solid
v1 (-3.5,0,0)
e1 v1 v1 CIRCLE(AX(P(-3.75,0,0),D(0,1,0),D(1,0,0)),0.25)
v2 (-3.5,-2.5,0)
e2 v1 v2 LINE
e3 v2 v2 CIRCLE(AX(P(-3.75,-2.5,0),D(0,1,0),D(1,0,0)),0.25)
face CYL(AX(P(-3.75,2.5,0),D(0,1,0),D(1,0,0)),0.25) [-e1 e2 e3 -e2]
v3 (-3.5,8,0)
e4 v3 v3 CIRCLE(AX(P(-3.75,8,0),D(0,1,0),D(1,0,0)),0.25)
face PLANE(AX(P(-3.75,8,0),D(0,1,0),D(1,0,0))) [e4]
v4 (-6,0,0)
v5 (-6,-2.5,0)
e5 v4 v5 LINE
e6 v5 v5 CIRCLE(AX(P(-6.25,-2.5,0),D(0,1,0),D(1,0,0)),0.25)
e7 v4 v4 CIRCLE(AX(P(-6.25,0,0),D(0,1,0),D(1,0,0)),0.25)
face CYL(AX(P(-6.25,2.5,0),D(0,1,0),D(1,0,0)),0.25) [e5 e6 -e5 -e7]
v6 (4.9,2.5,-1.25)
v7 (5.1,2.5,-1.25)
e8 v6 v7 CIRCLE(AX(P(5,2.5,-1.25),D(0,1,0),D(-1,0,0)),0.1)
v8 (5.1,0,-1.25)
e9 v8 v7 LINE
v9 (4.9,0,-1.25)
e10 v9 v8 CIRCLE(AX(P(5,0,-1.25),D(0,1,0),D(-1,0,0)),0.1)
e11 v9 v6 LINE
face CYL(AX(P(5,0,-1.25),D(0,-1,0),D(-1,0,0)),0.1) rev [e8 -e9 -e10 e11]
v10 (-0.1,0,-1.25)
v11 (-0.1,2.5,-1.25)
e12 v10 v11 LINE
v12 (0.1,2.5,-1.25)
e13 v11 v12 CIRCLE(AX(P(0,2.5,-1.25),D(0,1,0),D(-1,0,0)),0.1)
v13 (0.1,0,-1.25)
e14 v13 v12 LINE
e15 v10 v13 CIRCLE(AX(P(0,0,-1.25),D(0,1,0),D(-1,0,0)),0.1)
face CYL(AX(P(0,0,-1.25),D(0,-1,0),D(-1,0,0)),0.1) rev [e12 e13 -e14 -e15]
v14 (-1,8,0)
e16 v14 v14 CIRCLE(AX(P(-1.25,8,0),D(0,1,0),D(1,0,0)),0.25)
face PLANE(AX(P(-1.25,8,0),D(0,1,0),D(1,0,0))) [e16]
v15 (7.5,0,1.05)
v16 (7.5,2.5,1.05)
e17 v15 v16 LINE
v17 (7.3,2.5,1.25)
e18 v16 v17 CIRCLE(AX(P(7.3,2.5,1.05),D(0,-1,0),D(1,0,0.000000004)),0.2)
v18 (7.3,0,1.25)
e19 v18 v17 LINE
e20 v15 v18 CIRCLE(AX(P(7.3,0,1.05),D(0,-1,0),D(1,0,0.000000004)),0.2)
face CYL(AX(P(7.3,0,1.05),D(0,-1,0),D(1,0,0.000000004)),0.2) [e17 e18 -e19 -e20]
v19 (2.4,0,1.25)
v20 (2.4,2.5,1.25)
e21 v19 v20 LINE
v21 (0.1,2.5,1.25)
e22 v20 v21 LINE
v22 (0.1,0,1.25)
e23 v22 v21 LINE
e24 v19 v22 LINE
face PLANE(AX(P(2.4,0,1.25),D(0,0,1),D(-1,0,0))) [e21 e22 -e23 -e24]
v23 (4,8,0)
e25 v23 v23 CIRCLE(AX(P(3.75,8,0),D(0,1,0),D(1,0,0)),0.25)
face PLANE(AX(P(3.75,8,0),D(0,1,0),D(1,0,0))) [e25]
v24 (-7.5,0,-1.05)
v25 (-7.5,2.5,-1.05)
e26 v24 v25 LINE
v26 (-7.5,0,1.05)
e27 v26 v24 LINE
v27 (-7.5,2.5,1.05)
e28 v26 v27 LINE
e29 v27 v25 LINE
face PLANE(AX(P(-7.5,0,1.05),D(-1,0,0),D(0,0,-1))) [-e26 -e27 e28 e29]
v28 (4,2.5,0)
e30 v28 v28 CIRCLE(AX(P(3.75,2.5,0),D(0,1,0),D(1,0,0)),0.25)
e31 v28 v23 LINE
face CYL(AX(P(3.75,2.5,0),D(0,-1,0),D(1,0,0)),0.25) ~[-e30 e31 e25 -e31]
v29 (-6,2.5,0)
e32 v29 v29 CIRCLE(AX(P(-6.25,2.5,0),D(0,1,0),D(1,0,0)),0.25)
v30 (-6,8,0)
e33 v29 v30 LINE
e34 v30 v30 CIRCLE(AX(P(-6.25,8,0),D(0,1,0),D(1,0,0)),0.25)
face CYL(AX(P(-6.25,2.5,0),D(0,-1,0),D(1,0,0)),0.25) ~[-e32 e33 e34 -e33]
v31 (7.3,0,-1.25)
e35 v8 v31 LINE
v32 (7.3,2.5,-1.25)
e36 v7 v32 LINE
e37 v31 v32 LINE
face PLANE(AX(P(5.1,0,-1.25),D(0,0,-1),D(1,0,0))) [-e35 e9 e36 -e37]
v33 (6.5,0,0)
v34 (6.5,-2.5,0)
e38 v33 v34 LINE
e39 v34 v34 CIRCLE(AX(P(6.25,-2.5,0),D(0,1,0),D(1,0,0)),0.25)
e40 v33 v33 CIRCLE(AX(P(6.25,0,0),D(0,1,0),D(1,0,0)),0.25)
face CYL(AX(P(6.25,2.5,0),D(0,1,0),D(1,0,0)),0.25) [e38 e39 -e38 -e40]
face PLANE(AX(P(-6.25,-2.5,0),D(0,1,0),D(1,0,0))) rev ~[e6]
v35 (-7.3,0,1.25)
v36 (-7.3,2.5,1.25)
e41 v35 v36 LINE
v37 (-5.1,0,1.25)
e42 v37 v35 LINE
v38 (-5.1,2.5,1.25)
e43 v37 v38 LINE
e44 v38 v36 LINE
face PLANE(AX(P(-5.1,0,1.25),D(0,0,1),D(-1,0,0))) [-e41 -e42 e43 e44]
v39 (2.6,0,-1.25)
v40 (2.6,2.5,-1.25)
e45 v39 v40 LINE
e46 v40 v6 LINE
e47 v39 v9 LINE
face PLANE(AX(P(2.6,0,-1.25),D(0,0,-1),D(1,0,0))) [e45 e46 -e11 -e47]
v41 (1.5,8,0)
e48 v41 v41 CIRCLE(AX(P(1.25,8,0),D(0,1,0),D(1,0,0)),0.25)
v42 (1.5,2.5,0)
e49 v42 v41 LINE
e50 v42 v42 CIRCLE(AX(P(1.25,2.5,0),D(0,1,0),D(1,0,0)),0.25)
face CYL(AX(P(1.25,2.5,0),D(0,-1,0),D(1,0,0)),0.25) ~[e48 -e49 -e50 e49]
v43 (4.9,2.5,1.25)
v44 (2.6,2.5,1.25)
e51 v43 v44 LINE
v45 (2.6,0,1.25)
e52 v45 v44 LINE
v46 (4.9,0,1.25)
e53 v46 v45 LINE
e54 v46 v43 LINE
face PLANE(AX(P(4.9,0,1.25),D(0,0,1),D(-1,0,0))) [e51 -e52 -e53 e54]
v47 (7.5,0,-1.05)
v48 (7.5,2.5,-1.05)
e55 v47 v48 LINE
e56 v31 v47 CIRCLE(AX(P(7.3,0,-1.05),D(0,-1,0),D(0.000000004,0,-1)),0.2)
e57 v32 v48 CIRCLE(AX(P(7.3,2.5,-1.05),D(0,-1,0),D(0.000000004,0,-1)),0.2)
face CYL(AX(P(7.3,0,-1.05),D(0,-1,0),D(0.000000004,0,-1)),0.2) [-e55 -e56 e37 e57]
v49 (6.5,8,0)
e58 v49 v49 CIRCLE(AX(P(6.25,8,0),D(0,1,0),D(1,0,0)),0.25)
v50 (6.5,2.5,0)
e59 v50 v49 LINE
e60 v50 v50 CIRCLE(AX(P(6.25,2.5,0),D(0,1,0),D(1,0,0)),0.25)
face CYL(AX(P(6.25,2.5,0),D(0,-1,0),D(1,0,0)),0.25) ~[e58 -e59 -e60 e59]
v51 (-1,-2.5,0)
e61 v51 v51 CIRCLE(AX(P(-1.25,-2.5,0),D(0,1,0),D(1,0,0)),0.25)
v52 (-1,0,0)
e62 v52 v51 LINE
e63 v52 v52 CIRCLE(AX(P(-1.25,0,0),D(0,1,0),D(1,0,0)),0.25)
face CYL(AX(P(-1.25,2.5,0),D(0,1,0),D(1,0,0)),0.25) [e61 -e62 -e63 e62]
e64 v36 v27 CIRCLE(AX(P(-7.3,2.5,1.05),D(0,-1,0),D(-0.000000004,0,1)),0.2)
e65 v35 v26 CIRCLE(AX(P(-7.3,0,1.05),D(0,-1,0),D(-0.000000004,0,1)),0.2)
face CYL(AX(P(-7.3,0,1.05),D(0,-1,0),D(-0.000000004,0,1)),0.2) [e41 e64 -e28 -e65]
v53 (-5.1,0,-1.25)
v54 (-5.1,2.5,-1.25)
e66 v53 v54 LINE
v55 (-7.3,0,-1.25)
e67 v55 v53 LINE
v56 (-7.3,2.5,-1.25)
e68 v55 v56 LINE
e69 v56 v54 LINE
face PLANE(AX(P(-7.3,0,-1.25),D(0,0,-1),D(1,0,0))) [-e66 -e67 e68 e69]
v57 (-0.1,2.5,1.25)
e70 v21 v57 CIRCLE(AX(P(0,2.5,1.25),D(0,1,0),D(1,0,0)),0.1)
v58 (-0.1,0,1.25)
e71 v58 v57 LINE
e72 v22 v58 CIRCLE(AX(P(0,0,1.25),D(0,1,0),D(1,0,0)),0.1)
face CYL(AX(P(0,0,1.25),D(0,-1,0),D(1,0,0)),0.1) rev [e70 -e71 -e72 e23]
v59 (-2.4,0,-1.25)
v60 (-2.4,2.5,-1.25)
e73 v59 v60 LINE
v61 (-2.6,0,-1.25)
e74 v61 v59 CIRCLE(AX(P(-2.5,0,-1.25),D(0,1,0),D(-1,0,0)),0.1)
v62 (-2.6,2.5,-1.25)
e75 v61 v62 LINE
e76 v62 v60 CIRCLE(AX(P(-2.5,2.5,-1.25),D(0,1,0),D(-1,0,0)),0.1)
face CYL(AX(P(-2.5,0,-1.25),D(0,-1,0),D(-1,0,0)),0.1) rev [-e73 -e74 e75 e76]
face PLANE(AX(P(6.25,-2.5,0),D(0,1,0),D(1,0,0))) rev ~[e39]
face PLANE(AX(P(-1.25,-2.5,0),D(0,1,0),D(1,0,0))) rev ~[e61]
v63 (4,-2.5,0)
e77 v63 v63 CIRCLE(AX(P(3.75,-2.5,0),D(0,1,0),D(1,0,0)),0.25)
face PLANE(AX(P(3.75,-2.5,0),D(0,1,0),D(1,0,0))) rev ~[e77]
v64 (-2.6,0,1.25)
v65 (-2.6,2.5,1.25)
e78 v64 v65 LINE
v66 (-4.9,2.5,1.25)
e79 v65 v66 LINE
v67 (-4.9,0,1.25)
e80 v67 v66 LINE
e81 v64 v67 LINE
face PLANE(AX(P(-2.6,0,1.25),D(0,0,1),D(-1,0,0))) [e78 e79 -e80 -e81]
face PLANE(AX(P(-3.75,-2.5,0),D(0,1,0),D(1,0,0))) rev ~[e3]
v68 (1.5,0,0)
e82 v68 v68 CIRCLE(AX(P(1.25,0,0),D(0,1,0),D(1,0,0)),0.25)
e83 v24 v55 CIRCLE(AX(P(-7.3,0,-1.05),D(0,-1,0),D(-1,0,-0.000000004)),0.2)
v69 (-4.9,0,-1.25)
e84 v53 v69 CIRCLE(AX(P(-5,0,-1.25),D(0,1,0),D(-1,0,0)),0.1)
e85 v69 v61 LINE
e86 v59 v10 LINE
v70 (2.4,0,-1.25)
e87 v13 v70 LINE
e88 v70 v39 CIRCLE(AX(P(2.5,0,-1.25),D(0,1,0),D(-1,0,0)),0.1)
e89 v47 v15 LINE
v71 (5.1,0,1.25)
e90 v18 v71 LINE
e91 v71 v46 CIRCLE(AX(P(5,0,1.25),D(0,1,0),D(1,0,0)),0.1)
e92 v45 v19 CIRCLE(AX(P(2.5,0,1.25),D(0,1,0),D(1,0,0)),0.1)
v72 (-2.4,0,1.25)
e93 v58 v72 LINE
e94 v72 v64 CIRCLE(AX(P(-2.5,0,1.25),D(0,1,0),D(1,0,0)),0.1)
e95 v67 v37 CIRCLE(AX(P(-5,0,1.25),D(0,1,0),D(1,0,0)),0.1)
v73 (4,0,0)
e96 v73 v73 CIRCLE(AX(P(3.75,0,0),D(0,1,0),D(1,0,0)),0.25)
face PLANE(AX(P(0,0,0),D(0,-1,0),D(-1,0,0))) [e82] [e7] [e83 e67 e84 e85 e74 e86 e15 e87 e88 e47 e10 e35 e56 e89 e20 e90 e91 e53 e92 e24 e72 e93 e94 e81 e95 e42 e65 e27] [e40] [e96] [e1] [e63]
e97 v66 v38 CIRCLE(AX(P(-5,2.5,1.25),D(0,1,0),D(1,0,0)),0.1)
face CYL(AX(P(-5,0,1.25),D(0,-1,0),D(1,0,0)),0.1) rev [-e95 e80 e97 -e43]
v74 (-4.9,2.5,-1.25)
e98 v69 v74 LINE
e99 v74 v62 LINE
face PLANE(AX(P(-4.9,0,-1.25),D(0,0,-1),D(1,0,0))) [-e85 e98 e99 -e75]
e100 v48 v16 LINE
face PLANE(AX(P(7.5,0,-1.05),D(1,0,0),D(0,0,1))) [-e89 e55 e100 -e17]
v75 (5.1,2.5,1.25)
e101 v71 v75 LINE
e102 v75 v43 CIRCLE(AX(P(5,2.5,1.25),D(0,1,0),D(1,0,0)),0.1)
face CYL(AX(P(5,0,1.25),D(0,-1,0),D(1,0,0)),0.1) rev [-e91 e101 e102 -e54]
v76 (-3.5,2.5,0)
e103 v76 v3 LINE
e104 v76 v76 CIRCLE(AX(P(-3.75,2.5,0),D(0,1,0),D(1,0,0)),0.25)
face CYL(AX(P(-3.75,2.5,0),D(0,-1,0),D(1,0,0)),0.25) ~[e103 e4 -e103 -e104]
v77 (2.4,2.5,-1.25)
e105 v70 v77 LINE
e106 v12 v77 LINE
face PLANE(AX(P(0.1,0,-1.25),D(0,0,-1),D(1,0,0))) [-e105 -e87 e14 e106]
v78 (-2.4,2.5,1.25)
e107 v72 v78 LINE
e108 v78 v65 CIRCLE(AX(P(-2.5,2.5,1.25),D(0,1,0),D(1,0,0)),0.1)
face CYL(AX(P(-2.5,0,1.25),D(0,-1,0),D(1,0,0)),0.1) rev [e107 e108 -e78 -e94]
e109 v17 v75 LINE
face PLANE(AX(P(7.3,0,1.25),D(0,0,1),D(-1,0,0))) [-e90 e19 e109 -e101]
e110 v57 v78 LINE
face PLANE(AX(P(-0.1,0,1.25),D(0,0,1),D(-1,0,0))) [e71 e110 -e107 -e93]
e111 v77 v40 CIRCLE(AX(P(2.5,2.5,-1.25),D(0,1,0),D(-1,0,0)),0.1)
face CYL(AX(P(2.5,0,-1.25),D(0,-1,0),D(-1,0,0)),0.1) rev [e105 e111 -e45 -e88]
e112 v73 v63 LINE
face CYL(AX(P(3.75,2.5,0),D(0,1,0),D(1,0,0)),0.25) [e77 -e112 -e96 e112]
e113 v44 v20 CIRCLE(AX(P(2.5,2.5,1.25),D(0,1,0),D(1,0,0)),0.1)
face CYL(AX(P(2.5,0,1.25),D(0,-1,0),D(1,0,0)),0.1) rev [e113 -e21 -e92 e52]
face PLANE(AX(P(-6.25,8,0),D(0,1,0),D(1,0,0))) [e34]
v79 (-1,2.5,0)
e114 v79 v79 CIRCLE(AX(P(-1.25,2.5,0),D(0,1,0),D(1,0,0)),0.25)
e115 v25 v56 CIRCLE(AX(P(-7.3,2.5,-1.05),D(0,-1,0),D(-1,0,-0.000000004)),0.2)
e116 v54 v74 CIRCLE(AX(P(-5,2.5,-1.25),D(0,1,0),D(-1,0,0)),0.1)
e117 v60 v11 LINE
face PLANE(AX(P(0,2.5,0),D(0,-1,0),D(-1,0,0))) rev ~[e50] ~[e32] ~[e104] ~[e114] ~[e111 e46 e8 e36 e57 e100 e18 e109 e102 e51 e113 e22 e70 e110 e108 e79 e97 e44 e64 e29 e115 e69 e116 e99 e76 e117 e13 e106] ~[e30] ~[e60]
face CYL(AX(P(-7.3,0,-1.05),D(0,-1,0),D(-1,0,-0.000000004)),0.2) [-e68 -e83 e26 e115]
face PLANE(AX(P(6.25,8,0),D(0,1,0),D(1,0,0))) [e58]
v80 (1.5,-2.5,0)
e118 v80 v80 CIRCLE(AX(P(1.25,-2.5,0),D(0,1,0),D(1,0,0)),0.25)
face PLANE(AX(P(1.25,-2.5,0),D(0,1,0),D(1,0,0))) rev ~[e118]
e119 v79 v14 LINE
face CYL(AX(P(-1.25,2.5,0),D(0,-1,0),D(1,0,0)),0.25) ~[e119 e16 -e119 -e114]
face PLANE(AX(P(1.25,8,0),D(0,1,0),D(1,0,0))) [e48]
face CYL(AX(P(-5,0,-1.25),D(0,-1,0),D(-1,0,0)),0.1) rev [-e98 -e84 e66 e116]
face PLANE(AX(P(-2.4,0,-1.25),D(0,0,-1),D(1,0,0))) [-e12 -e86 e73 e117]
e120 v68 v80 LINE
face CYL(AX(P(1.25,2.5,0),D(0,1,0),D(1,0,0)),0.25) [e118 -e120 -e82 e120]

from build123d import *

# Parameters (mm, degrees)
IZIM1_R                          = 0.25
Y_KSEKLIK_EKSTR_ZYON1_DEPTH      = 2.5
IZIM2_R                          = 0.25
Y_KSEKLIK_EKSTR_ZYON2_DEPTH      = 5.5
Y_KSEKLIK_EKSTR_ZYON2_DEPTH_BACK = 5


with BuildPart() as part:
    # Çizim1 → Yükseklik-Ekstrüzyon1 (new body)
    with BuildSketch(Plane(origin=(0, 0, 0), x_dir=(1, 0, 0), z_dir=(0, 1, 0))):
        with BuildLine():
            Line((-7.3, 1.25), (-5.1, 1.25))
            ThreePointArc((-5.1, 1.25), (-5, 1.15), (-4.9, 1.25))
            Line((-4.9, 1.25), (-2.6, 1.25))
            ThreePointArc((-2.6, 1.25), (-2.5, 1.15), (-2.4, 1.25))
            Line((-2.4, 1.25), (-0.1, 1.25))
            ThreePointArc((-0.1, 1.25), (0, 1.15), (0.1, 1.25))
            Line((0.1, 1.25), (2.4, 1.25))
            ThreePointArc((2.4, 1.25), (2.5, 1.15), (2.6, 1.25))
            Line((2.6, 1.25), (4.9, 1.25))
            ThreePointArc((4.9, 1.25), (5, 1.15), (5.1, 1.25))
            Line((5.1, 1.25), (7.3, 1.25))
            ThreePointArc((7.3, 1.25), (7.441421356, 1.191421356), (7.5, 1.05))
            Line((7.5, 1.05), (7.5, -1.05))
            ThreePointArc((7.5, -1.05), (7.441421356, -1.191421356), (7.3, -1.25))
            Line((7.3, -1.25), (5.1, -1.25))
            ThreePointArc((5.1, -1.25), (5, -1.15), (4.9, -1.25))
            Line((4.9, -1.25), (2.6, -1.25))
            ThreePointArc((2.6, -1.25), (2.5, -1.15), (2.4, -1.25))
            Line((2.4, -1.25), (0.1, -1.25))
            ThreePointArc((0.1, -1.25), (0, -1.15), (-0.1, -1.25))
            Line((-0.1, -1.25), (-2.4, -1.25))
            ThreePointArc((-2.4, -1.25), (-2.5, -1.15), (-2.6, -1.25))
            Line((-2.6, -1.25), (-4.9, -1.25))
            ThreePointArc((-4.9, -1.25), (-5, -1.15), (-5.1, -1.25))
            Line((-5.1, -1.25), (-7.3, -1.25))
            ThreePointArc((-7.3, -1.25), (-7.441421356, -1.191421356), (-7.5, -1.05))
            Line((-7.5, -1.05), (-7.5, 1.05))
            ThreePointArc((-7.5, 1.05), (-7.441421356, 1.191421356), (-7.3, 1.25))
        make_face()
        with Locations((-1.25, 0)):
            Circle(IZIM1_R, mode=Mode.SUBTRACT)
        with Locations((-3.75, 0)):
            Circle(IZIM1_R, mode=Mode.SUBTRACT)
        with Locations((-6.25, 0)):
            Circle(IZIM1_R, mode=Mode.SUBTRACT)
        with Locations((6.25, 0)):
            Circle(IZIM1_R, mode=Mode.SUBTRACT)
        with Locations((3.75, 0)):
            Circle(IZIM1_R, mode=Mode.SUBTRACT)
        with Locations((1.25, 0)):
            Circle(IZIM1_R, mode=Mode.SUBTRACT)
    extrude(amount=Y_KSEKLIK_EKSTR_ZYON1_DEPTH)

    # Çizim2 → Yükseklik-Ekstrüzyon2 (add, two sides)
    with BuildSketch(Plane(origin=(0, 2.5, 0), x_dir=(1, 0, 0), z_dir=(0, 1, 0))) as y_kseklik_ekstr_zyon2_sk:
        with Locations((-6.25, 0)):
            Circle(IZIM2_R)
        with Locations((-3.75, 0)):
            Circle(IZIM2_R)
        with Locations((-1.25, 0)):
            Circle(IZIM2_R)
        with Locations((1.25, 0)):
            Circle(IZIM2_R)
        with Locations((3.75, 0)):
            Circle(IZIM2_R)
        with Locations((6.25, 0)):
            Circle(IZIM2_R)
    extrude(amount=Y_KSEKLIK_EKSTR_ZYON2_DEPTH)
    extrude(y_kseklik_ekstr_zyon2_sk.sketch, amount=-Y_KSEKLIK_EKSTR_ZYON2_DEPTH_BACK)


solid = part.part
